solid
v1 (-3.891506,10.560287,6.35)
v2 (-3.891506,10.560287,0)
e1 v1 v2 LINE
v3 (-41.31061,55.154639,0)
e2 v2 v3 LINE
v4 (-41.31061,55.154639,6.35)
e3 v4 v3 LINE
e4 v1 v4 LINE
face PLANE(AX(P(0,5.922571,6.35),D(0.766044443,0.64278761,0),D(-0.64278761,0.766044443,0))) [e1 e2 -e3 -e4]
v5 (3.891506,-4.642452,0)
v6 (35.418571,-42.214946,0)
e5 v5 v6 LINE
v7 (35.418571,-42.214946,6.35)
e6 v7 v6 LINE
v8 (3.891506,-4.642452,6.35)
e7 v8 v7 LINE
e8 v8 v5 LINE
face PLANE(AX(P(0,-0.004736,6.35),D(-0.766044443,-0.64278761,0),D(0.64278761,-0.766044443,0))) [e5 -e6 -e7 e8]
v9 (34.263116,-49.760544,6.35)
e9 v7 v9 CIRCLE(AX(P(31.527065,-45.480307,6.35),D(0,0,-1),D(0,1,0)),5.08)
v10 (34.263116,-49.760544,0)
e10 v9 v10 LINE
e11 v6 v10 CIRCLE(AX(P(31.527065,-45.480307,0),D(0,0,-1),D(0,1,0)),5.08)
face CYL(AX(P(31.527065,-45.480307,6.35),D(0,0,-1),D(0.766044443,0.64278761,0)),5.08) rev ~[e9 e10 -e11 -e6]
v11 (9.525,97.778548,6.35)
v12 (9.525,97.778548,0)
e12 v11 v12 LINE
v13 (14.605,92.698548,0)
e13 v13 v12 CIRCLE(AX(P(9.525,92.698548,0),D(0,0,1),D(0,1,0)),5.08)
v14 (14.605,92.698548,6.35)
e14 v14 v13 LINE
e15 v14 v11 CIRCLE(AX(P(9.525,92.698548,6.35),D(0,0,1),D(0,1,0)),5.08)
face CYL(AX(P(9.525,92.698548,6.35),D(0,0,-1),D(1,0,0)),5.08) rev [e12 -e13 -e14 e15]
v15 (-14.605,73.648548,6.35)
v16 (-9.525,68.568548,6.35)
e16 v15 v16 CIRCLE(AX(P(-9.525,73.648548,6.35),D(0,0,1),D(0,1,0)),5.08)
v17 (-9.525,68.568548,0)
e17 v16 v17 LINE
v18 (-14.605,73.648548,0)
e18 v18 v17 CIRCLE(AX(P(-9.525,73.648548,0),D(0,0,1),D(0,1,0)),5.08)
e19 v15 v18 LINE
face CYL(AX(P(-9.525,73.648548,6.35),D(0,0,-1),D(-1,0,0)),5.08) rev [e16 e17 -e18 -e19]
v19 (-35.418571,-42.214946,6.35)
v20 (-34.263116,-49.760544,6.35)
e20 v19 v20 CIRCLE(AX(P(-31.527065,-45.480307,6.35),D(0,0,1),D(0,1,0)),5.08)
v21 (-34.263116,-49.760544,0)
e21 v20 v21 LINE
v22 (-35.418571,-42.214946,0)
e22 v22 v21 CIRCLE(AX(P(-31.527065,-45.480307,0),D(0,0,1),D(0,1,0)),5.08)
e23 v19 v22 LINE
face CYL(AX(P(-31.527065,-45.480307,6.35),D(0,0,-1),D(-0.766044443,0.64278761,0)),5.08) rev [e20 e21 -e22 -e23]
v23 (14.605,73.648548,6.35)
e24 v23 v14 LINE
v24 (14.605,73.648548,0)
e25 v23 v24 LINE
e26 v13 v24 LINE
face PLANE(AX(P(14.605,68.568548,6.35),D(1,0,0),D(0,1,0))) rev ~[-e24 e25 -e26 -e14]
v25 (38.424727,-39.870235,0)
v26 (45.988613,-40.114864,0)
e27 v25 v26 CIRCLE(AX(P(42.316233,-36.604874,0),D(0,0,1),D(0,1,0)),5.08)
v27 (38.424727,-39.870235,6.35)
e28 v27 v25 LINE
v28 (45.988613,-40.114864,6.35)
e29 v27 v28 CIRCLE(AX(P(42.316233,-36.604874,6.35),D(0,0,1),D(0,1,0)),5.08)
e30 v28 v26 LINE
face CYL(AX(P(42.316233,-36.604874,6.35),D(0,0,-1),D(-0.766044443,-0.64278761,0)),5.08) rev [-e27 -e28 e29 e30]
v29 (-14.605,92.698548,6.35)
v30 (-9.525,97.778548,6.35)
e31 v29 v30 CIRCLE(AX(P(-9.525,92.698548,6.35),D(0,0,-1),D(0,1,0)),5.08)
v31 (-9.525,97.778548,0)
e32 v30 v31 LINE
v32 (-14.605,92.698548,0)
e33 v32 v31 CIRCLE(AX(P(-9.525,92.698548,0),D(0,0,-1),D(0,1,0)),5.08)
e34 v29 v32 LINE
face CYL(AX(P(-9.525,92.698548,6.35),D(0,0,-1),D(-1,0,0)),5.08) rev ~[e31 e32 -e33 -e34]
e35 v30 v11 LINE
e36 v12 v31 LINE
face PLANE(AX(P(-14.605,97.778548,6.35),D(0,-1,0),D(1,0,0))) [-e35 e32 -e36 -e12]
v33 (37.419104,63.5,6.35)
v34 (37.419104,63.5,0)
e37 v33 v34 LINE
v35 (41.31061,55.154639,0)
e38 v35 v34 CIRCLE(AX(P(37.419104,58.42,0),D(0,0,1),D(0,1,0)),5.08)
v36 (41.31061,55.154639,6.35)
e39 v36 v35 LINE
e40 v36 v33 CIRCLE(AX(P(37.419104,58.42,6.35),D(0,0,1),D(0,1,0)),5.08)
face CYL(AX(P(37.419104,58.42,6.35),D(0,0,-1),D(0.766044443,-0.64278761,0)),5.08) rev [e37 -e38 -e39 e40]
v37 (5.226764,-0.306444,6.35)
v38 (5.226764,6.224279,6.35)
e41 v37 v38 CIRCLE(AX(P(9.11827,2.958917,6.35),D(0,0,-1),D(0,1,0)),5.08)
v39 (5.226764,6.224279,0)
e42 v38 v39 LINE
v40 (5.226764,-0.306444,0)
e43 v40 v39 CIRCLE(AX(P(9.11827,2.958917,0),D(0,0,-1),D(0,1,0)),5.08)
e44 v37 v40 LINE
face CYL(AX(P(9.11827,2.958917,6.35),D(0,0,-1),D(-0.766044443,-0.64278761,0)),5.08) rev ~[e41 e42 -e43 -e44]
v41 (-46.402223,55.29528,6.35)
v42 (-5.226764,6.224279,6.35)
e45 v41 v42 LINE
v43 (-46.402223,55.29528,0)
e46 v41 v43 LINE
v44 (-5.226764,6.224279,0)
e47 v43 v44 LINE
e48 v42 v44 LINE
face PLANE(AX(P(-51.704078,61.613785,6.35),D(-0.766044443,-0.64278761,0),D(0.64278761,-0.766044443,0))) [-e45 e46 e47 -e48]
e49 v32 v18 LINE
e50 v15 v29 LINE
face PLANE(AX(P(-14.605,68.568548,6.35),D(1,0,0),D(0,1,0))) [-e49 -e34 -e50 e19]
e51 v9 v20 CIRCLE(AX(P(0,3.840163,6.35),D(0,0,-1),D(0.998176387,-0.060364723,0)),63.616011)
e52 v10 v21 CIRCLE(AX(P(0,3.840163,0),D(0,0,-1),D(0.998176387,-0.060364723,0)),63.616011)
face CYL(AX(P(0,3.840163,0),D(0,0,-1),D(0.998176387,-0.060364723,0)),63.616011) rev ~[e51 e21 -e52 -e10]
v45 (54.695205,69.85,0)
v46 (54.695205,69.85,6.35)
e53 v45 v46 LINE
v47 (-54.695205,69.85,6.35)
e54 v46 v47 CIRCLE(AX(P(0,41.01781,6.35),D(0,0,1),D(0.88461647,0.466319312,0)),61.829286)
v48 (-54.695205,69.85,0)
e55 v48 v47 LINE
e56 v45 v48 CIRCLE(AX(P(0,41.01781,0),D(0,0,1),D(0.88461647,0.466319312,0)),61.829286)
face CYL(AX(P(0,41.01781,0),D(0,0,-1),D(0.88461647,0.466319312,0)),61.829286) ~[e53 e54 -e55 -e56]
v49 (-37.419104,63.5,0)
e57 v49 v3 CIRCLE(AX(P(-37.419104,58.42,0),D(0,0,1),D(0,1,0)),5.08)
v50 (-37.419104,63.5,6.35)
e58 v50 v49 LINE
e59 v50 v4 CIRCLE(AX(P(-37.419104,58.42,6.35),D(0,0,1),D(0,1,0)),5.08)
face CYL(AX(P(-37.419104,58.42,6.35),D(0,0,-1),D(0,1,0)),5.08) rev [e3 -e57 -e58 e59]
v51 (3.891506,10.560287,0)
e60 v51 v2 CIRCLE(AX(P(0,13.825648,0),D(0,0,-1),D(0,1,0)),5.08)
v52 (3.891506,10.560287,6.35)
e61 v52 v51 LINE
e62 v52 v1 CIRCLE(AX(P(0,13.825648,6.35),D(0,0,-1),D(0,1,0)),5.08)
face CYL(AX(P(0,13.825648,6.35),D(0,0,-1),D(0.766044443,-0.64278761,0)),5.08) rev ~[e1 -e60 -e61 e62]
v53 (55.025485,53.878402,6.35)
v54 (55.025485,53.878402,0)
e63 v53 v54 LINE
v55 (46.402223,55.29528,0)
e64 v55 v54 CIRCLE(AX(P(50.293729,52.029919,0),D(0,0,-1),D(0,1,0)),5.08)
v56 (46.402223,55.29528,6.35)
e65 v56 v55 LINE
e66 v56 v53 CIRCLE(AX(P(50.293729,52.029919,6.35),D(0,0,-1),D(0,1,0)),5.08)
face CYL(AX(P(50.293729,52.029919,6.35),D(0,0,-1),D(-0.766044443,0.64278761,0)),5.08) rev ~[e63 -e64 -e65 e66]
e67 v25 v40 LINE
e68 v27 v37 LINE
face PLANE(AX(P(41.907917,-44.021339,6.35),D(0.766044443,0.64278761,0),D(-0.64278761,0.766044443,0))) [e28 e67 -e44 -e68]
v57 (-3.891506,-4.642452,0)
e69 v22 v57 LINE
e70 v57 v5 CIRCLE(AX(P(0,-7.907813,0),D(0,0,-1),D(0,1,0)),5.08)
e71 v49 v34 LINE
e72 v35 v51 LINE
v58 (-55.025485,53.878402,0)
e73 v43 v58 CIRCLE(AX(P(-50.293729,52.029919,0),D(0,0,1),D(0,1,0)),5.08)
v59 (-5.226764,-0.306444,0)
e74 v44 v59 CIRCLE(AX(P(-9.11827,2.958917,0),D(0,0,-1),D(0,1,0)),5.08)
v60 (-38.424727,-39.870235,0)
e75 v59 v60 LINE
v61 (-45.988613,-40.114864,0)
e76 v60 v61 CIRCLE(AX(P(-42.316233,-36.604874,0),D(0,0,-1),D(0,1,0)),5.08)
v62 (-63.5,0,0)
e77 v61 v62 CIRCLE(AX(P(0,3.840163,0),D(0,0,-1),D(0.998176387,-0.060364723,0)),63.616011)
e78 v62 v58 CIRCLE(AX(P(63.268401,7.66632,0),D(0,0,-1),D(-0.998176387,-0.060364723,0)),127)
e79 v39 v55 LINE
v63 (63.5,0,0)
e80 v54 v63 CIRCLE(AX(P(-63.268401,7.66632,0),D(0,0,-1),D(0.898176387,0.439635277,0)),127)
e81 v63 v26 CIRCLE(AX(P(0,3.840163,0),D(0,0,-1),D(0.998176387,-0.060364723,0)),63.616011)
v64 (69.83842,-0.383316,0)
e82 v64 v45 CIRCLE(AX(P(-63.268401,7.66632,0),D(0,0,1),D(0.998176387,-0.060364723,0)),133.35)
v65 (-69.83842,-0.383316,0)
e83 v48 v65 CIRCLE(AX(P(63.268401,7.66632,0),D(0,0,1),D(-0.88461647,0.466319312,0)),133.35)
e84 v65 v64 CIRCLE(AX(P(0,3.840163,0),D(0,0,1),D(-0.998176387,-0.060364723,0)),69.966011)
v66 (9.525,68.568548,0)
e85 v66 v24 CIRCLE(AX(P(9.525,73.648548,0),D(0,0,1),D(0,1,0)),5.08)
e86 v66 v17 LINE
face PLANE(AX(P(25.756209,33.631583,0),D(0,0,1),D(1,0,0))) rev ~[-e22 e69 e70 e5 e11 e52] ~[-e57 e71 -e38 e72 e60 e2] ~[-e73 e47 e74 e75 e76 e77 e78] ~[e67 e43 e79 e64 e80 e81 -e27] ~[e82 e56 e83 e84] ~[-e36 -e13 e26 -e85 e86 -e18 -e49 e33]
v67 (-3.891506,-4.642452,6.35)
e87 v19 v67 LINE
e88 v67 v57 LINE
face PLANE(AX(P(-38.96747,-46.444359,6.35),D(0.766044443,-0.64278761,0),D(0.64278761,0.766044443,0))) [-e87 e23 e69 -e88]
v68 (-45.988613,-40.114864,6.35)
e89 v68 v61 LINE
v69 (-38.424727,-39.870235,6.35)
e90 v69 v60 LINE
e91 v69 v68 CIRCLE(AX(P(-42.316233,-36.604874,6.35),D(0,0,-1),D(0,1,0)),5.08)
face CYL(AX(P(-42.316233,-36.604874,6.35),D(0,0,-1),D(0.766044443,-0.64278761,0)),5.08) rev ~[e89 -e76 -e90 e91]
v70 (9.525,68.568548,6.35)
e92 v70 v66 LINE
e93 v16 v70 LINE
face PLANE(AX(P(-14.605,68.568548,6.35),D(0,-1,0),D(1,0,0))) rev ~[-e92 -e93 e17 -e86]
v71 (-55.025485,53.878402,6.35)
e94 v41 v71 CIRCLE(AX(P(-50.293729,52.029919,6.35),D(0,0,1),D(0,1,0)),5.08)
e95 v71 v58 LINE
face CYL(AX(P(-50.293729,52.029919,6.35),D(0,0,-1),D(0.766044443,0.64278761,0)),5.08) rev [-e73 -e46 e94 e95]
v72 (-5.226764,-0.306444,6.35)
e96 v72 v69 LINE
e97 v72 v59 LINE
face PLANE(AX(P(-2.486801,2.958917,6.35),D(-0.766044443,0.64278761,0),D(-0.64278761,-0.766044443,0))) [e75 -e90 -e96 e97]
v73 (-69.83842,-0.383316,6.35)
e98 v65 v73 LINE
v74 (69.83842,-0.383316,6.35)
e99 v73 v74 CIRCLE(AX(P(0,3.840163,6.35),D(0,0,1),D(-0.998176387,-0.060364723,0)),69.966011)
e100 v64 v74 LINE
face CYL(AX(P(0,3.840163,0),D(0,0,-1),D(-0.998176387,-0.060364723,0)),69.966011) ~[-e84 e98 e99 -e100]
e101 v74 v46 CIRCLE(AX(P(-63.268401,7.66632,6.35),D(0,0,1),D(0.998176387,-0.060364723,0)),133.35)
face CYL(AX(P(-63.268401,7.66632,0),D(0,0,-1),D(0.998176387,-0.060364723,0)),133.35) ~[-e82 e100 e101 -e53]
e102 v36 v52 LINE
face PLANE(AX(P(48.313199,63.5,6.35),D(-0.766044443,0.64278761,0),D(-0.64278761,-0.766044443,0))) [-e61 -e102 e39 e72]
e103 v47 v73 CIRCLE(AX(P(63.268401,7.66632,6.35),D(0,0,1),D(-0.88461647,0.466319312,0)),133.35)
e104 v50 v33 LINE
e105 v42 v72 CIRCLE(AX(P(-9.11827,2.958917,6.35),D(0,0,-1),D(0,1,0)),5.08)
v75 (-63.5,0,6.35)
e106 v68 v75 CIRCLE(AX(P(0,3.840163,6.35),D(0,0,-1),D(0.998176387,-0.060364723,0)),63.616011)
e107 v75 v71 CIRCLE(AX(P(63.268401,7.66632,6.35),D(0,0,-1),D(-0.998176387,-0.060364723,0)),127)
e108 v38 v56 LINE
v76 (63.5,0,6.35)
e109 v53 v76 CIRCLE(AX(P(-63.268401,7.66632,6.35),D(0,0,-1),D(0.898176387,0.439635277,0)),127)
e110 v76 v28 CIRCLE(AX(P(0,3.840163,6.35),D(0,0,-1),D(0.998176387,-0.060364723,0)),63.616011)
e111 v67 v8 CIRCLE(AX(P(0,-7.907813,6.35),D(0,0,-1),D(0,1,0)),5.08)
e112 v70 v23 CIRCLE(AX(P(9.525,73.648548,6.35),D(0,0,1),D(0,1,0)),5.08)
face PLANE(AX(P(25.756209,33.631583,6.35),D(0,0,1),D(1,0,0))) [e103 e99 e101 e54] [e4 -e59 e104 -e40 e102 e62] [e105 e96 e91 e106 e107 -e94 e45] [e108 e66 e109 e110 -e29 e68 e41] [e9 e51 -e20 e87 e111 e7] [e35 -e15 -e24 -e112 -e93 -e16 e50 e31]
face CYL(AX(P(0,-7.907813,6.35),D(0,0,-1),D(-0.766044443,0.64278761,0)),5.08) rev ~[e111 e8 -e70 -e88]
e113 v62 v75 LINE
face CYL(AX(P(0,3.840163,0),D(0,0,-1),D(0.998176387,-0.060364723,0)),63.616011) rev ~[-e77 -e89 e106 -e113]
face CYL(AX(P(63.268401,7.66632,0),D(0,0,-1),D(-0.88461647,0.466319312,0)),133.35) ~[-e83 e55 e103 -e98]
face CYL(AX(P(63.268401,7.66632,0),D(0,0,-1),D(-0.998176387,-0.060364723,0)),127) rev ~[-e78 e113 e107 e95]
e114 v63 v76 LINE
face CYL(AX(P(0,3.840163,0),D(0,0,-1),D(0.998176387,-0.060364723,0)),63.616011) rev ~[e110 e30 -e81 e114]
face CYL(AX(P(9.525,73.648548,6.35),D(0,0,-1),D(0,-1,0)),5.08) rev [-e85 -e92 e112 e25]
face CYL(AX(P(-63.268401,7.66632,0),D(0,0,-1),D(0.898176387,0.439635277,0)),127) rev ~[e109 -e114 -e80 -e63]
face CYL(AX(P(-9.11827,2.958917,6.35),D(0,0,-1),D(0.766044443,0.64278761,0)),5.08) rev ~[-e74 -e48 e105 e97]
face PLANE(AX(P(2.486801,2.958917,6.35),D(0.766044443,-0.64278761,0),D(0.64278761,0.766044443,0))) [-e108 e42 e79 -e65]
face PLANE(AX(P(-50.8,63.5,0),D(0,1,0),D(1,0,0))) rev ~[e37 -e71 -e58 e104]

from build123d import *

# Parameters (mm, degrees)
BOSS_EXTRUDE1_DEPTH = 6.35
CUT_EXTRUDE1_REACH  = 8.35
SKETCH2_W           = 29.21
SKETCH2_H           = 29.21
FILLET1_R           = 5.08
BOSS_EXTRUDE2_DEPTH = 6.35
FILLET2_R           = 5.08


with BuildPart() as part:
    # Sketch1 → Boss-Extrude1 (new body)
    with BuildSketch(Plane.XY):
        with BuildLine():
            ThreePointArc((-54.695205109, 69.85), (-67.085998682, 35.772421109), (-69.83842006, -0.383315988))
            ThreePointArc((-69.83842006, -0.383315988), (0, -66.125848112), (69.83842006, -0.383315988))
            ThreePointArc((69.83842006, -0.383315988), (67.085998682, 35.772421109), (54.695205109, 69.85))
            ThreePointArc((54.695205109, 69.85), (0, 102.847096123), (-54.695205109, 69.85))
        make_face()
        with BuildLine():
            Line((-50.8, 63.5), (50.8, 63.5))
            ThreePointArc((50.8, 63.5), (61.265344619, 32.573068924), (63.5, 0))
            ThreePointArc((63.5, 0), (0, -59.775848112), (-63.5, 0))
            ThreePointArc((-63.5, 0), (-61.265344619, 32.573068924), (-50.8, 63.5))
        make_face(mode=Mode.SUBTRACT)
    extrude(amount=BOSS_EXTRUDE1_DEPTH)

    # Sketch2 → Cut-Extrude1 (cut, up to next)
    with BuildSketch(Plane.XY.offset(6.35), mode=Mode.PRIVATE) as cut_extrude1_sk1:
        with Locations((0, 83.173548061)):
            Rectangle(SKETCH2_W, SKETCH2_H)
    cut_extrude1_tool1 = extrude(cut_extrude1_sk1.sketch, amount=-CUT_EXTRUDE1_REACH, mode=Mode.PRIVATE) & part.part
    add(cut_extrude1_tool1.solids().sort_by_distance((0, 83.173548, 6.35))[0], mode=Mode.SUBTRACT)

    # Fillet1
    fillet1_edges = [part.edges().sort_by_distance(p)[0] for p in [
        (14.605, 97.778548061, 3.175),
        (14.605, 68.568548061, 3.175),
        (-14.605, 68.568548061, 3.175),
        (-14.605, 97.778548061, 3.175),
    ]]
    fillet(fillet1_edges, radius=FILLET1_R)

    # Sketch3 → Boss-Extrude2 (add)
    with BuildSketch(Plane.XY.offset(6.35)):
        with BuildLine():
            Line((48.313199114, 63.5), (0, 5.922571386))
            Line((0, 5.922571386), (2.486800886, 2.958917496))
            Line((2.486800886, 2.958917496), (51.704078268, 61.613784634))
            ThreePointArc((51.704078268, 61.613784634), (51.255922445, 62.55875362), (50.8, 63.5))
            Line((50.8, 63.5), (48.313199114, 63.5))
        make_face()
        with BuildLine():
            Line((-48.313199114, 63.5), (-50.8, 63.5))
            ThreePointArc((-50.8, 63.5), (-51.255922445, 62.55875362), (-51.704078268, 61.613784634))
            Line((-51.704078268, 61.613784634), (-2.486800886, 2.958917496))
            Line((-2.486800886, 2.958917496), (0, 5.922571386))
            Line((0, 5.922571386), (-48.313199114, 63.5))
        make_face()
        Polygon((0, 5.922571386), (-2.486800886, 2.958917496), (0, -0.004736394), (2.486800886, 2.958917496), align=None)
        with BuildLine():
            Line((2.486800886, 2.958917496), (0, -0.004736394))
            Line((0, -0.004736394), (38.967470095, -46.444358875))
            ThreePointArc((38.967470095, -46.444358875), (40.455837743, -45.254867888), (41.907916796, -44.021339013))
            Line((41.907916796, -44.021339013), (2.486800886, 2.958917496))
        make_face()
        with BuildLine():
            Line((0, -0.004736394), (-2.486800886, 2.958917496))
            Line((-2.486800886, 2.958917496), (-41.907916796, -44.021339013))
            ThreePointArc((-41.907916796, -44.021339013), (-40.455837743, -45.254867888), (-38.967470095, -46.444358875))
            Line((-38.967470095, -46.444358875), (0, -0.004736394))
        make_face()
    extrude(amount=-BOSS_EXTRUDE2_DEPTH)

    # Fillet2
    fillet2_edges = [part.edges().sort_by_distance(p)[0] for p in [
        (48.313199114, 63.5, 3.175),
        (0, 5.922571386, 3.175),
        (-48.313199114, 63.5, 3.175),
        (-51.704078268, 61.613784634, 3.175),
        (-2.486800886, 2.958917496, 3.175),
        (-41.907916796, -44.021339013, 3.175),
        (-38.967470095, -46.444358875, 3.175),
        (0, -0.004736394, 3.175),
        (38.967470095, -46.444358875, 3.175),
        (41.907916796, -44.021339013, 3.175),
        (2.486800886, 2.958917496, 3.175),
        (51.704078268, 61.613784634, 3.175),
    ]]
    fillet(fillet2_edges, radius=FILLET2_R)


solid = part.part
